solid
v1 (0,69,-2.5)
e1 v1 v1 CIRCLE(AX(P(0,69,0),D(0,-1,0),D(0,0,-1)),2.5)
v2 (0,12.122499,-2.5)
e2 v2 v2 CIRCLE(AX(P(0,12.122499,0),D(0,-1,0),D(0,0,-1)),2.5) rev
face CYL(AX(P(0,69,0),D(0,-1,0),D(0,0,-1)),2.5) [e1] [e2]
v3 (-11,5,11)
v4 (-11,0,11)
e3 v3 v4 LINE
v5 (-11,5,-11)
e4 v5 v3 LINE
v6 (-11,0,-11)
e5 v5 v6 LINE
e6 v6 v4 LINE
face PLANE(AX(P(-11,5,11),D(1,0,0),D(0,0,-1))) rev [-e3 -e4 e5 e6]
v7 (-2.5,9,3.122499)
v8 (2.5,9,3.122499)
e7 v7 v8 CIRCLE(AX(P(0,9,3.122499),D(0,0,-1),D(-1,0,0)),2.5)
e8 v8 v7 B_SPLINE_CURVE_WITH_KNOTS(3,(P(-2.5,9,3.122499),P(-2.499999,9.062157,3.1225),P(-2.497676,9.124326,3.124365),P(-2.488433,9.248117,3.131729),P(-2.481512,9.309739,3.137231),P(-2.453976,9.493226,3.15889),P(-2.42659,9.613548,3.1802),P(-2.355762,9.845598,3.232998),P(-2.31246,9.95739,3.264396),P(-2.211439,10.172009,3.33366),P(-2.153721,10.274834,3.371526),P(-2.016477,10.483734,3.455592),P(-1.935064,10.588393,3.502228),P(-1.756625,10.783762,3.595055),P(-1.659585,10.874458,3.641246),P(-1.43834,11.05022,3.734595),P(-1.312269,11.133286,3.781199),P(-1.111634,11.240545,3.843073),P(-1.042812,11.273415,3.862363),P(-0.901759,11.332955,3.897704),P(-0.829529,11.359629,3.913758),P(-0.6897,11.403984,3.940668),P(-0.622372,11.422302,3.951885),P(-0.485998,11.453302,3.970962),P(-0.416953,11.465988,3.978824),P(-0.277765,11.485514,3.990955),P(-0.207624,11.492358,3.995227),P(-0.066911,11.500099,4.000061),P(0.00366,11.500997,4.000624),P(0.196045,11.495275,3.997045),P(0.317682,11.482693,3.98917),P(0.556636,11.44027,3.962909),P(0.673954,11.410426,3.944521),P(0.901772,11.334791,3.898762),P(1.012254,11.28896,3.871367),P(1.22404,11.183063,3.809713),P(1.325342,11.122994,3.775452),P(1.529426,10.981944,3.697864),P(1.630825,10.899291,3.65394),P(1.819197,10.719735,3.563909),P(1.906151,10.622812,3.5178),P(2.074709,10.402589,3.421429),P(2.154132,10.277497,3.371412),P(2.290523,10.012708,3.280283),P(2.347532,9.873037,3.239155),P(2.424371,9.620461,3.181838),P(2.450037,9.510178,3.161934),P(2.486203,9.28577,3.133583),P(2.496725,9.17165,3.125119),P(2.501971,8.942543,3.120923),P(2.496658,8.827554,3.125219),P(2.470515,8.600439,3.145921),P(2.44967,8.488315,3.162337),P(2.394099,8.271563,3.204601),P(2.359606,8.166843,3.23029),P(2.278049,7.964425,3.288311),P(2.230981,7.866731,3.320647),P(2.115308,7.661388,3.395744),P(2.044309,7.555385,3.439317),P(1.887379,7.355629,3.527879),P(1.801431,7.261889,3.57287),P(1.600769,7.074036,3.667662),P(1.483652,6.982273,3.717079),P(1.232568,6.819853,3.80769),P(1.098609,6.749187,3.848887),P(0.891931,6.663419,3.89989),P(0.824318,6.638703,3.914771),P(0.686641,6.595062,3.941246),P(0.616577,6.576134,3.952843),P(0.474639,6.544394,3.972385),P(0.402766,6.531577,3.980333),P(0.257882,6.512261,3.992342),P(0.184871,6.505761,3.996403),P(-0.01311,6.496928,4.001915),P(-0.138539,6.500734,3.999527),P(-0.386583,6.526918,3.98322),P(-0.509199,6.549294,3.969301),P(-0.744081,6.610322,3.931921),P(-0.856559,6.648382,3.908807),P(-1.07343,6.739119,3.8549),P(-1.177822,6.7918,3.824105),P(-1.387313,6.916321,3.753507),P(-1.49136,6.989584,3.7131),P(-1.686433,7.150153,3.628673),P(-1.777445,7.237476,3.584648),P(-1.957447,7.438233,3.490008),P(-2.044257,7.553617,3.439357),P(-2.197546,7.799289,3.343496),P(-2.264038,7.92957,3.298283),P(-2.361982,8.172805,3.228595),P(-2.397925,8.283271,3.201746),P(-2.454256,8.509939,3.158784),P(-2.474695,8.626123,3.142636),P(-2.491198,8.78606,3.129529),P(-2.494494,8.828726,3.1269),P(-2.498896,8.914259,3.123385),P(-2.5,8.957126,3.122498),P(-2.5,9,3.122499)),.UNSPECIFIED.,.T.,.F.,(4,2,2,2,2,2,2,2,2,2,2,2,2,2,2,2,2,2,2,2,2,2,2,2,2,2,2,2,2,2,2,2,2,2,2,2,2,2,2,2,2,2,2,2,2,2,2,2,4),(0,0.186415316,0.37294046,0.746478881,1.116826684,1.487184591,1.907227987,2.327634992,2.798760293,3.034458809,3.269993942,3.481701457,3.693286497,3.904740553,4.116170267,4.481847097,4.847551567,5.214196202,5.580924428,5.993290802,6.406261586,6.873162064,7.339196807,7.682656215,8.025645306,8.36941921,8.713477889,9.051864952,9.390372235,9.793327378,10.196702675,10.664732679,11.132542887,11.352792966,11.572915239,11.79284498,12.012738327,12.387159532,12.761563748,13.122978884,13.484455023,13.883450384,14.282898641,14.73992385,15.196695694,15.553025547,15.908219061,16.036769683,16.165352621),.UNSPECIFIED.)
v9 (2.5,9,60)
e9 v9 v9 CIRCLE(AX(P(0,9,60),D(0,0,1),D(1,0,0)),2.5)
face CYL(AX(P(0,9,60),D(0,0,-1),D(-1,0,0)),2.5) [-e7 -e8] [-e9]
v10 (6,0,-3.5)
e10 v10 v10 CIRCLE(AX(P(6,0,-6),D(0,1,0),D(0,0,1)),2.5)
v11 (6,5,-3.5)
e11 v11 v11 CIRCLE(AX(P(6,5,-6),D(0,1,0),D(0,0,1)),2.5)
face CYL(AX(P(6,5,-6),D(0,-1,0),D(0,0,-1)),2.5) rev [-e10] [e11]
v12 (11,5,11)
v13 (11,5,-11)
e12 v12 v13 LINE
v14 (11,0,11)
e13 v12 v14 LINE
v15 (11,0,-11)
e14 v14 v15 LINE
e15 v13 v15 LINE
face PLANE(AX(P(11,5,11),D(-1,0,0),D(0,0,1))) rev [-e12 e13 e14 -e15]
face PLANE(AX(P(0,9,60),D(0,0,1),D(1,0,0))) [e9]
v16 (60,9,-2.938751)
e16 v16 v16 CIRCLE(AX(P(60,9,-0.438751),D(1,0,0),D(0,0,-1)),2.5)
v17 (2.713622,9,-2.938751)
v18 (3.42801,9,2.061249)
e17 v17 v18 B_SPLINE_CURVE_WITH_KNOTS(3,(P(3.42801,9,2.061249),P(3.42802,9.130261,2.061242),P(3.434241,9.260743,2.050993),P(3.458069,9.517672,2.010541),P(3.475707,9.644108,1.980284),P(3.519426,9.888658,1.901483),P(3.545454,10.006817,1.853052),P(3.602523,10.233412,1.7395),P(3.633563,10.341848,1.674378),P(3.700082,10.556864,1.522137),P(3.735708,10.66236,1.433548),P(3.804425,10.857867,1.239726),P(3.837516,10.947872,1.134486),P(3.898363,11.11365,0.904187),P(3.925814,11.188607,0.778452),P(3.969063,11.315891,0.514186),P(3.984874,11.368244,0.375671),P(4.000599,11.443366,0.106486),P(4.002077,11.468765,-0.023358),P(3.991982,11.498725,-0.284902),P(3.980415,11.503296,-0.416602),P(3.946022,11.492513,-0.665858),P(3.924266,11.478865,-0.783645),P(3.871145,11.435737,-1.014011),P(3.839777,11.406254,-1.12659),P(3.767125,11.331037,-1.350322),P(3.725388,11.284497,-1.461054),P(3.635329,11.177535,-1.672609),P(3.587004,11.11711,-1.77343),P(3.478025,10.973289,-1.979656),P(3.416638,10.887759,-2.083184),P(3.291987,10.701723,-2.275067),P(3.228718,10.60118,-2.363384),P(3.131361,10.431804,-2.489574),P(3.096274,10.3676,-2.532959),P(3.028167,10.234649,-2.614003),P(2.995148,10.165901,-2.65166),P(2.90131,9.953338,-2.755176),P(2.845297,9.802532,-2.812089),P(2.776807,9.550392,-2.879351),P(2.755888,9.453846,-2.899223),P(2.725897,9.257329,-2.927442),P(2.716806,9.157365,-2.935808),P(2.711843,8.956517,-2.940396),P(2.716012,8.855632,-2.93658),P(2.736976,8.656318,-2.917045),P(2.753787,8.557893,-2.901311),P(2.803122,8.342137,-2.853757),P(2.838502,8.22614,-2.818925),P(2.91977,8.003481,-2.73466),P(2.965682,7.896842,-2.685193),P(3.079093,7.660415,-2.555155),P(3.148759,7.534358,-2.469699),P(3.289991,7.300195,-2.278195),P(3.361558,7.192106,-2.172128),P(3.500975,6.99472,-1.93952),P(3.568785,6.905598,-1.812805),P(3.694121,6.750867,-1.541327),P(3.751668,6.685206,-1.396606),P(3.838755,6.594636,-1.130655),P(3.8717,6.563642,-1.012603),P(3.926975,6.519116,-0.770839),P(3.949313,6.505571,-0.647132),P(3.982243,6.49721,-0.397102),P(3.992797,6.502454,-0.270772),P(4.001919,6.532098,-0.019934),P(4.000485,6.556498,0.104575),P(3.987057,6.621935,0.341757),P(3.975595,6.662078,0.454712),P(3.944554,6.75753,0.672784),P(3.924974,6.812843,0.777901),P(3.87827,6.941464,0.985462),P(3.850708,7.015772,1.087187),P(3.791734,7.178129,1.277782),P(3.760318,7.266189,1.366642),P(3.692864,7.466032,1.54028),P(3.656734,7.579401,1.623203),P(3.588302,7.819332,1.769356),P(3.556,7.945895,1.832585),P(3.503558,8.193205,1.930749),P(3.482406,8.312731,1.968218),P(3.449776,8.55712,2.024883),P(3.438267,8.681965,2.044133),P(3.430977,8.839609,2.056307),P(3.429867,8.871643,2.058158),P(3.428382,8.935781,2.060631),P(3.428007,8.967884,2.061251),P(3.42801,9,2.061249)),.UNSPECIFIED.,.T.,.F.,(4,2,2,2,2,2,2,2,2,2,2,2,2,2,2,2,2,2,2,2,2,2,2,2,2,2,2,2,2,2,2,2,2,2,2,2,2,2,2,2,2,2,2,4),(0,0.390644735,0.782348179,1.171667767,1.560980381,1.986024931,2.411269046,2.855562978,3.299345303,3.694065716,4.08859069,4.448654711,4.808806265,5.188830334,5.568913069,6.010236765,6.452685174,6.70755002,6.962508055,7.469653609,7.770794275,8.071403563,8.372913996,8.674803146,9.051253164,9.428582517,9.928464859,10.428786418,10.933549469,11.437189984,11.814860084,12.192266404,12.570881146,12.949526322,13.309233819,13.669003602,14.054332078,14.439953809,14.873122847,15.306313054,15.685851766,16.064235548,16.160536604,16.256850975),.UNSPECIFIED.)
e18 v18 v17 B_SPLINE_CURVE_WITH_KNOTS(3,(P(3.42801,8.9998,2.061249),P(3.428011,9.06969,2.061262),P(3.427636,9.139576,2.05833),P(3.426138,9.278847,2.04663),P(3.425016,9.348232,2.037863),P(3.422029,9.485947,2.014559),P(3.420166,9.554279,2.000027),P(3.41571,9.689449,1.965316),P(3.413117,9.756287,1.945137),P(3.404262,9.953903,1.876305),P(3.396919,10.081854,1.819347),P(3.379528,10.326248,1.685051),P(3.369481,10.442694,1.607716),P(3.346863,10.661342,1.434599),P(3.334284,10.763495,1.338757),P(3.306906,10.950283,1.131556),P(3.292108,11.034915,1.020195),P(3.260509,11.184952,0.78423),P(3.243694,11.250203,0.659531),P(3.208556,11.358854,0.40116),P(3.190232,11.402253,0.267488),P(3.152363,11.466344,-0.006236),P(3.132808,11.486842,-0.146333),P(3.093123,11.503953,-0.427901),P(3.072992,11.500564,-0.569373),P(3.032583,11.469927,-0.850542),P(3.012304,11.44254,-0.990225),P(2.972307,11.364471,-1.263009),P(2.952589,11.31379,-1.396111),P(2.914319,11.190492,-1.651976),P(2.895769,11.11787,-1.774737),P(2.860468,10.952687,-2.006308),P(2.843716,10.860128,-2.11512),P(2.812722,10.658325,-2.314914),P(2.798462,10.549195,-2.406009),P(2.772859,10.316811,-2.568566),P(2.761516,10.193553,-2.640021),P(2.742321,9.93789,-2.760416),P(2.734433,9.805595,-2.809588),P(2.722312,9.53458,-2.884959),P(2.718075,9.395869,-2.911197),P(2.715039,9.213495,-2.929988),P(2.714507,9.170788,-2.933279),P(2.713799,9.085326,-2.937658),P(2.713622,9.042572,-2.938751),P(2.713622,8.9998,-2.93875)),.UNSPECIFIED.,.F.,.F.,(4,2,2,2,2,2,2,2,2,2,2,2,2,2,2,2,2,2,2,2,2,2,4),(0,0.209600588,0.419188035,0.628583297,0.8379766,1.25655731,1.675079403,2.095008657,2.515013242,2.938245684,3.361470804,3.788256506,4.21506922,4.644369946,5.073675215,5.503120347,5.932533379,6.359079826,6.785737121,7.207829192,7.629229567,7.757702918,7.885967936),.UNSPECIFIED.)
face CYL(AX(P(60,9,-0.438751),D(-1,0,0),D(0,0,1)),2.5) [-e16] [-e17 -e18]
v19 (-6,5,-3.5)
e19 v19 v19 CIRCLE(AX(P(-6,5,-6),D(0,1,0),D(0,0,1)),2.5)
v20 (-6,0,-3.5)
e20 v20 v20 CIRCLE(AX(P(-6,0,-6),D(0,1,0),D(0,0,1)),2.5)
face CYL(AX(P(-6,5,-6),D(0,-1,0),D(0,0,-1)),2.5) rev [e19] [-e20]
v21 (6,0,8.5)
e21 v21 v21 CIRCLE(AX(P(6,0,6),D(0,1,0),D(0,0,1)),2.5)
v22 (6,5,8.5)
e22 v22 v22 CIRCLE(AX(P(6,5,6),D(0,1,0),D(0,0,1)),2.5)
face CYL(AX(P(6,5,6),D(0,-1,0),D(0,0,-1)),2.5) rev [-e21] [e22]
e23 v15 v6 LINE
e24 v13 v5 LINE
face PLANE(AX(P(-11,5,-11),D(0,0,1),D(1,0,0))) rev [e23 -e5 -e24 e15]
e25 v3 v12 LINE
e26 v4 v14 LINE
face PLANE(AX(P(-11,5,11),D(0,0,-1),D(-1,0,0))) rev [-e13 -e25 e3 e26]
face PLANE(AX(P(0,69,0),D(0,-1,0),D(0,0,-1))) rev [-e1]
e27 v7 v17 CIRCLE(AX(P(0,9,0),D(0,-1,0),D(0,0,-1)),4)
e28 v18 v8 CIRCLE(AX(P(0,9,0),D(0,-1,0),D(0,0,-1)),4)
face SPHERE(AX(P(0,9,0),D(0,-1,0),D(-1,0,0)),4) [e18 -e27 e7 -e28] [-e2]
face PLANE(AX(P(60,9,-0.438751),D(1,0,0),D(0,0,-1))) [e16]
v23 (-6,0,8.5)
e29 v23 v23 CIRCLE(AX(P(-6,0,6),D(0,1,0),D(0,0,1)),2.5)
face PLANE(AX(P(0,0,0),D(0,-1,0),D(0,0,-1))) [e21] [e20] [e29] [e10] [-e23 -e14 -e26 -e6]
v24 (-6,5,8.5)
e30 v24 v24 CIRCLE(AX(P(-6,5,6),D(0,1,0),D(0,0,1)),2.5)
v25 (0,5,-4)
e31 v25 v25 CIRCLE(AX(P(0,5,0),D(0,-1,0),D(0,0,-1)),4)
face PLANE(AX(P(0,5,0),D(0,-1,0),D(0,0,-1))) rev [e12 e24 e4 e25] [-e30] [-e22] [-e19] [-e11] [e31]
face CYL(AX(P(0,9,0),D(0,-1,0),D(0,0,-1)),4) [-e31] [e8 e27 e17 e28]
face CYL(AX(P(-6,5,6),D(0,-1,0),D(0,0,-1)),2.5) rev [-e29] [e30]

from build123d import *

# Parameters (mm, degrees)
SKETCH_1_W      = 22
SKETCH_1_H      = 22
SKETCH_1_R      = 2.5
EXTRUDE_2_DEPTH = 5
EXTRUDE_START   = 5
SKETCH_3_R      = 4
EXTRUDE_3_DEPTH = 4
SKETCH_5_R      = 2.5
EXTRUDE_4_DEPTH = 64
SKETCH_6_R      = 2.5
EXTRUDE_5_DEPTH = 60
SKETCH_7_R      = 2.5
EXTRUDE_6_DEPTH = 60


with BuildPart() as part:
    # 草图1 → 凸台-拉伸2 (new body)
    with BuildSketch(Plane(origin=(0, 0, 0), x_dir=(1, 0, 0), z_dir=(0, 1, 0))):
        Rectangle(SKETCH_1_W, SKETCH_1_H)
        with Locations(Location((-6, 6, 0), (0, 0, 270))):
            Circle(SKETCH_1_R, mode=Mode.SUBTRACT)
        with Locations(Location((6, 6, 0), (0, 0, 270))):
            Circle(SKETCH_1_R, mode=Mode.SUBTRACT)
        with Locations(Location((-6, -6, 0), (0, 0, 270))):
            Circle(SKETCH_1_R, mode=Mode.SUBTRACT)
        with Locations(Location((6, -6, 0), (0, 0, 270))):
            Circle(SKETCH_1_R, mode=Mode.SUBTRACT)
    extrude(amount=EXTRUDE_2_DEPTH)

    # 草图3 → 凸台-拉伸3 (add)
    with BuildSketch(Plane(origin=(0, 0, 0), x_dir=(1, 0, 0), z_dir=(0, 1, 0)).offset(EXTRUDE_START)):
        with Locations(Location((0, 0, 0), (0, 0, 90))):
            Circle(SKETCH_3_R)
    extrude(amount=EXTRUDE_3_DEPTH)

    # 草图4 → 旋转1 (revolve)
    with BuildSketch(Plane.XY):
        with BuildLine():
            Line((0, 13), (0, 5))
            ThreePointArc((0, 5), (4, 9), (0, 13))
        make_face()
    revolve(axis=Axis((0, -1000, 0), (0, 1, 0)))

    # 草图5 → 凸台-拉伸4 (add)
    with BuildSketch(Plane(origin=(0, 0, 0), x_dir=(1, 0, 0), z_dir=(0, 1, 0)).offset(EXTRUDE_START)):
        with Locations(Location((0, 0, 0), (0, 0, 90))):
            Circle(SKETCH_5_R)
    extrude(amount=EXTRUDE_4_DEPTH)

    # 草图6 → 凸台-拉伸5 (add)
    with BuildSketch(Plane.XY):
        with Locations((0, 9)):
            Circle(SKETCH_6_R)
    extrude(amount=EXTRUDE_5_DEPTH)

    # 草图7 → 凸台-拉伸6 (add)
    with BuildSketch(Plane(origin=(0, 0, 0), x_dir=(0, 0, -1), z_dir=(1, 0, 0))):
        with Locations((0.4387505, 9)):
            Circle(SKETCH_7_R)
    extrude(amount=EXTRUDE_6_DEPTH)


solid = part.part
